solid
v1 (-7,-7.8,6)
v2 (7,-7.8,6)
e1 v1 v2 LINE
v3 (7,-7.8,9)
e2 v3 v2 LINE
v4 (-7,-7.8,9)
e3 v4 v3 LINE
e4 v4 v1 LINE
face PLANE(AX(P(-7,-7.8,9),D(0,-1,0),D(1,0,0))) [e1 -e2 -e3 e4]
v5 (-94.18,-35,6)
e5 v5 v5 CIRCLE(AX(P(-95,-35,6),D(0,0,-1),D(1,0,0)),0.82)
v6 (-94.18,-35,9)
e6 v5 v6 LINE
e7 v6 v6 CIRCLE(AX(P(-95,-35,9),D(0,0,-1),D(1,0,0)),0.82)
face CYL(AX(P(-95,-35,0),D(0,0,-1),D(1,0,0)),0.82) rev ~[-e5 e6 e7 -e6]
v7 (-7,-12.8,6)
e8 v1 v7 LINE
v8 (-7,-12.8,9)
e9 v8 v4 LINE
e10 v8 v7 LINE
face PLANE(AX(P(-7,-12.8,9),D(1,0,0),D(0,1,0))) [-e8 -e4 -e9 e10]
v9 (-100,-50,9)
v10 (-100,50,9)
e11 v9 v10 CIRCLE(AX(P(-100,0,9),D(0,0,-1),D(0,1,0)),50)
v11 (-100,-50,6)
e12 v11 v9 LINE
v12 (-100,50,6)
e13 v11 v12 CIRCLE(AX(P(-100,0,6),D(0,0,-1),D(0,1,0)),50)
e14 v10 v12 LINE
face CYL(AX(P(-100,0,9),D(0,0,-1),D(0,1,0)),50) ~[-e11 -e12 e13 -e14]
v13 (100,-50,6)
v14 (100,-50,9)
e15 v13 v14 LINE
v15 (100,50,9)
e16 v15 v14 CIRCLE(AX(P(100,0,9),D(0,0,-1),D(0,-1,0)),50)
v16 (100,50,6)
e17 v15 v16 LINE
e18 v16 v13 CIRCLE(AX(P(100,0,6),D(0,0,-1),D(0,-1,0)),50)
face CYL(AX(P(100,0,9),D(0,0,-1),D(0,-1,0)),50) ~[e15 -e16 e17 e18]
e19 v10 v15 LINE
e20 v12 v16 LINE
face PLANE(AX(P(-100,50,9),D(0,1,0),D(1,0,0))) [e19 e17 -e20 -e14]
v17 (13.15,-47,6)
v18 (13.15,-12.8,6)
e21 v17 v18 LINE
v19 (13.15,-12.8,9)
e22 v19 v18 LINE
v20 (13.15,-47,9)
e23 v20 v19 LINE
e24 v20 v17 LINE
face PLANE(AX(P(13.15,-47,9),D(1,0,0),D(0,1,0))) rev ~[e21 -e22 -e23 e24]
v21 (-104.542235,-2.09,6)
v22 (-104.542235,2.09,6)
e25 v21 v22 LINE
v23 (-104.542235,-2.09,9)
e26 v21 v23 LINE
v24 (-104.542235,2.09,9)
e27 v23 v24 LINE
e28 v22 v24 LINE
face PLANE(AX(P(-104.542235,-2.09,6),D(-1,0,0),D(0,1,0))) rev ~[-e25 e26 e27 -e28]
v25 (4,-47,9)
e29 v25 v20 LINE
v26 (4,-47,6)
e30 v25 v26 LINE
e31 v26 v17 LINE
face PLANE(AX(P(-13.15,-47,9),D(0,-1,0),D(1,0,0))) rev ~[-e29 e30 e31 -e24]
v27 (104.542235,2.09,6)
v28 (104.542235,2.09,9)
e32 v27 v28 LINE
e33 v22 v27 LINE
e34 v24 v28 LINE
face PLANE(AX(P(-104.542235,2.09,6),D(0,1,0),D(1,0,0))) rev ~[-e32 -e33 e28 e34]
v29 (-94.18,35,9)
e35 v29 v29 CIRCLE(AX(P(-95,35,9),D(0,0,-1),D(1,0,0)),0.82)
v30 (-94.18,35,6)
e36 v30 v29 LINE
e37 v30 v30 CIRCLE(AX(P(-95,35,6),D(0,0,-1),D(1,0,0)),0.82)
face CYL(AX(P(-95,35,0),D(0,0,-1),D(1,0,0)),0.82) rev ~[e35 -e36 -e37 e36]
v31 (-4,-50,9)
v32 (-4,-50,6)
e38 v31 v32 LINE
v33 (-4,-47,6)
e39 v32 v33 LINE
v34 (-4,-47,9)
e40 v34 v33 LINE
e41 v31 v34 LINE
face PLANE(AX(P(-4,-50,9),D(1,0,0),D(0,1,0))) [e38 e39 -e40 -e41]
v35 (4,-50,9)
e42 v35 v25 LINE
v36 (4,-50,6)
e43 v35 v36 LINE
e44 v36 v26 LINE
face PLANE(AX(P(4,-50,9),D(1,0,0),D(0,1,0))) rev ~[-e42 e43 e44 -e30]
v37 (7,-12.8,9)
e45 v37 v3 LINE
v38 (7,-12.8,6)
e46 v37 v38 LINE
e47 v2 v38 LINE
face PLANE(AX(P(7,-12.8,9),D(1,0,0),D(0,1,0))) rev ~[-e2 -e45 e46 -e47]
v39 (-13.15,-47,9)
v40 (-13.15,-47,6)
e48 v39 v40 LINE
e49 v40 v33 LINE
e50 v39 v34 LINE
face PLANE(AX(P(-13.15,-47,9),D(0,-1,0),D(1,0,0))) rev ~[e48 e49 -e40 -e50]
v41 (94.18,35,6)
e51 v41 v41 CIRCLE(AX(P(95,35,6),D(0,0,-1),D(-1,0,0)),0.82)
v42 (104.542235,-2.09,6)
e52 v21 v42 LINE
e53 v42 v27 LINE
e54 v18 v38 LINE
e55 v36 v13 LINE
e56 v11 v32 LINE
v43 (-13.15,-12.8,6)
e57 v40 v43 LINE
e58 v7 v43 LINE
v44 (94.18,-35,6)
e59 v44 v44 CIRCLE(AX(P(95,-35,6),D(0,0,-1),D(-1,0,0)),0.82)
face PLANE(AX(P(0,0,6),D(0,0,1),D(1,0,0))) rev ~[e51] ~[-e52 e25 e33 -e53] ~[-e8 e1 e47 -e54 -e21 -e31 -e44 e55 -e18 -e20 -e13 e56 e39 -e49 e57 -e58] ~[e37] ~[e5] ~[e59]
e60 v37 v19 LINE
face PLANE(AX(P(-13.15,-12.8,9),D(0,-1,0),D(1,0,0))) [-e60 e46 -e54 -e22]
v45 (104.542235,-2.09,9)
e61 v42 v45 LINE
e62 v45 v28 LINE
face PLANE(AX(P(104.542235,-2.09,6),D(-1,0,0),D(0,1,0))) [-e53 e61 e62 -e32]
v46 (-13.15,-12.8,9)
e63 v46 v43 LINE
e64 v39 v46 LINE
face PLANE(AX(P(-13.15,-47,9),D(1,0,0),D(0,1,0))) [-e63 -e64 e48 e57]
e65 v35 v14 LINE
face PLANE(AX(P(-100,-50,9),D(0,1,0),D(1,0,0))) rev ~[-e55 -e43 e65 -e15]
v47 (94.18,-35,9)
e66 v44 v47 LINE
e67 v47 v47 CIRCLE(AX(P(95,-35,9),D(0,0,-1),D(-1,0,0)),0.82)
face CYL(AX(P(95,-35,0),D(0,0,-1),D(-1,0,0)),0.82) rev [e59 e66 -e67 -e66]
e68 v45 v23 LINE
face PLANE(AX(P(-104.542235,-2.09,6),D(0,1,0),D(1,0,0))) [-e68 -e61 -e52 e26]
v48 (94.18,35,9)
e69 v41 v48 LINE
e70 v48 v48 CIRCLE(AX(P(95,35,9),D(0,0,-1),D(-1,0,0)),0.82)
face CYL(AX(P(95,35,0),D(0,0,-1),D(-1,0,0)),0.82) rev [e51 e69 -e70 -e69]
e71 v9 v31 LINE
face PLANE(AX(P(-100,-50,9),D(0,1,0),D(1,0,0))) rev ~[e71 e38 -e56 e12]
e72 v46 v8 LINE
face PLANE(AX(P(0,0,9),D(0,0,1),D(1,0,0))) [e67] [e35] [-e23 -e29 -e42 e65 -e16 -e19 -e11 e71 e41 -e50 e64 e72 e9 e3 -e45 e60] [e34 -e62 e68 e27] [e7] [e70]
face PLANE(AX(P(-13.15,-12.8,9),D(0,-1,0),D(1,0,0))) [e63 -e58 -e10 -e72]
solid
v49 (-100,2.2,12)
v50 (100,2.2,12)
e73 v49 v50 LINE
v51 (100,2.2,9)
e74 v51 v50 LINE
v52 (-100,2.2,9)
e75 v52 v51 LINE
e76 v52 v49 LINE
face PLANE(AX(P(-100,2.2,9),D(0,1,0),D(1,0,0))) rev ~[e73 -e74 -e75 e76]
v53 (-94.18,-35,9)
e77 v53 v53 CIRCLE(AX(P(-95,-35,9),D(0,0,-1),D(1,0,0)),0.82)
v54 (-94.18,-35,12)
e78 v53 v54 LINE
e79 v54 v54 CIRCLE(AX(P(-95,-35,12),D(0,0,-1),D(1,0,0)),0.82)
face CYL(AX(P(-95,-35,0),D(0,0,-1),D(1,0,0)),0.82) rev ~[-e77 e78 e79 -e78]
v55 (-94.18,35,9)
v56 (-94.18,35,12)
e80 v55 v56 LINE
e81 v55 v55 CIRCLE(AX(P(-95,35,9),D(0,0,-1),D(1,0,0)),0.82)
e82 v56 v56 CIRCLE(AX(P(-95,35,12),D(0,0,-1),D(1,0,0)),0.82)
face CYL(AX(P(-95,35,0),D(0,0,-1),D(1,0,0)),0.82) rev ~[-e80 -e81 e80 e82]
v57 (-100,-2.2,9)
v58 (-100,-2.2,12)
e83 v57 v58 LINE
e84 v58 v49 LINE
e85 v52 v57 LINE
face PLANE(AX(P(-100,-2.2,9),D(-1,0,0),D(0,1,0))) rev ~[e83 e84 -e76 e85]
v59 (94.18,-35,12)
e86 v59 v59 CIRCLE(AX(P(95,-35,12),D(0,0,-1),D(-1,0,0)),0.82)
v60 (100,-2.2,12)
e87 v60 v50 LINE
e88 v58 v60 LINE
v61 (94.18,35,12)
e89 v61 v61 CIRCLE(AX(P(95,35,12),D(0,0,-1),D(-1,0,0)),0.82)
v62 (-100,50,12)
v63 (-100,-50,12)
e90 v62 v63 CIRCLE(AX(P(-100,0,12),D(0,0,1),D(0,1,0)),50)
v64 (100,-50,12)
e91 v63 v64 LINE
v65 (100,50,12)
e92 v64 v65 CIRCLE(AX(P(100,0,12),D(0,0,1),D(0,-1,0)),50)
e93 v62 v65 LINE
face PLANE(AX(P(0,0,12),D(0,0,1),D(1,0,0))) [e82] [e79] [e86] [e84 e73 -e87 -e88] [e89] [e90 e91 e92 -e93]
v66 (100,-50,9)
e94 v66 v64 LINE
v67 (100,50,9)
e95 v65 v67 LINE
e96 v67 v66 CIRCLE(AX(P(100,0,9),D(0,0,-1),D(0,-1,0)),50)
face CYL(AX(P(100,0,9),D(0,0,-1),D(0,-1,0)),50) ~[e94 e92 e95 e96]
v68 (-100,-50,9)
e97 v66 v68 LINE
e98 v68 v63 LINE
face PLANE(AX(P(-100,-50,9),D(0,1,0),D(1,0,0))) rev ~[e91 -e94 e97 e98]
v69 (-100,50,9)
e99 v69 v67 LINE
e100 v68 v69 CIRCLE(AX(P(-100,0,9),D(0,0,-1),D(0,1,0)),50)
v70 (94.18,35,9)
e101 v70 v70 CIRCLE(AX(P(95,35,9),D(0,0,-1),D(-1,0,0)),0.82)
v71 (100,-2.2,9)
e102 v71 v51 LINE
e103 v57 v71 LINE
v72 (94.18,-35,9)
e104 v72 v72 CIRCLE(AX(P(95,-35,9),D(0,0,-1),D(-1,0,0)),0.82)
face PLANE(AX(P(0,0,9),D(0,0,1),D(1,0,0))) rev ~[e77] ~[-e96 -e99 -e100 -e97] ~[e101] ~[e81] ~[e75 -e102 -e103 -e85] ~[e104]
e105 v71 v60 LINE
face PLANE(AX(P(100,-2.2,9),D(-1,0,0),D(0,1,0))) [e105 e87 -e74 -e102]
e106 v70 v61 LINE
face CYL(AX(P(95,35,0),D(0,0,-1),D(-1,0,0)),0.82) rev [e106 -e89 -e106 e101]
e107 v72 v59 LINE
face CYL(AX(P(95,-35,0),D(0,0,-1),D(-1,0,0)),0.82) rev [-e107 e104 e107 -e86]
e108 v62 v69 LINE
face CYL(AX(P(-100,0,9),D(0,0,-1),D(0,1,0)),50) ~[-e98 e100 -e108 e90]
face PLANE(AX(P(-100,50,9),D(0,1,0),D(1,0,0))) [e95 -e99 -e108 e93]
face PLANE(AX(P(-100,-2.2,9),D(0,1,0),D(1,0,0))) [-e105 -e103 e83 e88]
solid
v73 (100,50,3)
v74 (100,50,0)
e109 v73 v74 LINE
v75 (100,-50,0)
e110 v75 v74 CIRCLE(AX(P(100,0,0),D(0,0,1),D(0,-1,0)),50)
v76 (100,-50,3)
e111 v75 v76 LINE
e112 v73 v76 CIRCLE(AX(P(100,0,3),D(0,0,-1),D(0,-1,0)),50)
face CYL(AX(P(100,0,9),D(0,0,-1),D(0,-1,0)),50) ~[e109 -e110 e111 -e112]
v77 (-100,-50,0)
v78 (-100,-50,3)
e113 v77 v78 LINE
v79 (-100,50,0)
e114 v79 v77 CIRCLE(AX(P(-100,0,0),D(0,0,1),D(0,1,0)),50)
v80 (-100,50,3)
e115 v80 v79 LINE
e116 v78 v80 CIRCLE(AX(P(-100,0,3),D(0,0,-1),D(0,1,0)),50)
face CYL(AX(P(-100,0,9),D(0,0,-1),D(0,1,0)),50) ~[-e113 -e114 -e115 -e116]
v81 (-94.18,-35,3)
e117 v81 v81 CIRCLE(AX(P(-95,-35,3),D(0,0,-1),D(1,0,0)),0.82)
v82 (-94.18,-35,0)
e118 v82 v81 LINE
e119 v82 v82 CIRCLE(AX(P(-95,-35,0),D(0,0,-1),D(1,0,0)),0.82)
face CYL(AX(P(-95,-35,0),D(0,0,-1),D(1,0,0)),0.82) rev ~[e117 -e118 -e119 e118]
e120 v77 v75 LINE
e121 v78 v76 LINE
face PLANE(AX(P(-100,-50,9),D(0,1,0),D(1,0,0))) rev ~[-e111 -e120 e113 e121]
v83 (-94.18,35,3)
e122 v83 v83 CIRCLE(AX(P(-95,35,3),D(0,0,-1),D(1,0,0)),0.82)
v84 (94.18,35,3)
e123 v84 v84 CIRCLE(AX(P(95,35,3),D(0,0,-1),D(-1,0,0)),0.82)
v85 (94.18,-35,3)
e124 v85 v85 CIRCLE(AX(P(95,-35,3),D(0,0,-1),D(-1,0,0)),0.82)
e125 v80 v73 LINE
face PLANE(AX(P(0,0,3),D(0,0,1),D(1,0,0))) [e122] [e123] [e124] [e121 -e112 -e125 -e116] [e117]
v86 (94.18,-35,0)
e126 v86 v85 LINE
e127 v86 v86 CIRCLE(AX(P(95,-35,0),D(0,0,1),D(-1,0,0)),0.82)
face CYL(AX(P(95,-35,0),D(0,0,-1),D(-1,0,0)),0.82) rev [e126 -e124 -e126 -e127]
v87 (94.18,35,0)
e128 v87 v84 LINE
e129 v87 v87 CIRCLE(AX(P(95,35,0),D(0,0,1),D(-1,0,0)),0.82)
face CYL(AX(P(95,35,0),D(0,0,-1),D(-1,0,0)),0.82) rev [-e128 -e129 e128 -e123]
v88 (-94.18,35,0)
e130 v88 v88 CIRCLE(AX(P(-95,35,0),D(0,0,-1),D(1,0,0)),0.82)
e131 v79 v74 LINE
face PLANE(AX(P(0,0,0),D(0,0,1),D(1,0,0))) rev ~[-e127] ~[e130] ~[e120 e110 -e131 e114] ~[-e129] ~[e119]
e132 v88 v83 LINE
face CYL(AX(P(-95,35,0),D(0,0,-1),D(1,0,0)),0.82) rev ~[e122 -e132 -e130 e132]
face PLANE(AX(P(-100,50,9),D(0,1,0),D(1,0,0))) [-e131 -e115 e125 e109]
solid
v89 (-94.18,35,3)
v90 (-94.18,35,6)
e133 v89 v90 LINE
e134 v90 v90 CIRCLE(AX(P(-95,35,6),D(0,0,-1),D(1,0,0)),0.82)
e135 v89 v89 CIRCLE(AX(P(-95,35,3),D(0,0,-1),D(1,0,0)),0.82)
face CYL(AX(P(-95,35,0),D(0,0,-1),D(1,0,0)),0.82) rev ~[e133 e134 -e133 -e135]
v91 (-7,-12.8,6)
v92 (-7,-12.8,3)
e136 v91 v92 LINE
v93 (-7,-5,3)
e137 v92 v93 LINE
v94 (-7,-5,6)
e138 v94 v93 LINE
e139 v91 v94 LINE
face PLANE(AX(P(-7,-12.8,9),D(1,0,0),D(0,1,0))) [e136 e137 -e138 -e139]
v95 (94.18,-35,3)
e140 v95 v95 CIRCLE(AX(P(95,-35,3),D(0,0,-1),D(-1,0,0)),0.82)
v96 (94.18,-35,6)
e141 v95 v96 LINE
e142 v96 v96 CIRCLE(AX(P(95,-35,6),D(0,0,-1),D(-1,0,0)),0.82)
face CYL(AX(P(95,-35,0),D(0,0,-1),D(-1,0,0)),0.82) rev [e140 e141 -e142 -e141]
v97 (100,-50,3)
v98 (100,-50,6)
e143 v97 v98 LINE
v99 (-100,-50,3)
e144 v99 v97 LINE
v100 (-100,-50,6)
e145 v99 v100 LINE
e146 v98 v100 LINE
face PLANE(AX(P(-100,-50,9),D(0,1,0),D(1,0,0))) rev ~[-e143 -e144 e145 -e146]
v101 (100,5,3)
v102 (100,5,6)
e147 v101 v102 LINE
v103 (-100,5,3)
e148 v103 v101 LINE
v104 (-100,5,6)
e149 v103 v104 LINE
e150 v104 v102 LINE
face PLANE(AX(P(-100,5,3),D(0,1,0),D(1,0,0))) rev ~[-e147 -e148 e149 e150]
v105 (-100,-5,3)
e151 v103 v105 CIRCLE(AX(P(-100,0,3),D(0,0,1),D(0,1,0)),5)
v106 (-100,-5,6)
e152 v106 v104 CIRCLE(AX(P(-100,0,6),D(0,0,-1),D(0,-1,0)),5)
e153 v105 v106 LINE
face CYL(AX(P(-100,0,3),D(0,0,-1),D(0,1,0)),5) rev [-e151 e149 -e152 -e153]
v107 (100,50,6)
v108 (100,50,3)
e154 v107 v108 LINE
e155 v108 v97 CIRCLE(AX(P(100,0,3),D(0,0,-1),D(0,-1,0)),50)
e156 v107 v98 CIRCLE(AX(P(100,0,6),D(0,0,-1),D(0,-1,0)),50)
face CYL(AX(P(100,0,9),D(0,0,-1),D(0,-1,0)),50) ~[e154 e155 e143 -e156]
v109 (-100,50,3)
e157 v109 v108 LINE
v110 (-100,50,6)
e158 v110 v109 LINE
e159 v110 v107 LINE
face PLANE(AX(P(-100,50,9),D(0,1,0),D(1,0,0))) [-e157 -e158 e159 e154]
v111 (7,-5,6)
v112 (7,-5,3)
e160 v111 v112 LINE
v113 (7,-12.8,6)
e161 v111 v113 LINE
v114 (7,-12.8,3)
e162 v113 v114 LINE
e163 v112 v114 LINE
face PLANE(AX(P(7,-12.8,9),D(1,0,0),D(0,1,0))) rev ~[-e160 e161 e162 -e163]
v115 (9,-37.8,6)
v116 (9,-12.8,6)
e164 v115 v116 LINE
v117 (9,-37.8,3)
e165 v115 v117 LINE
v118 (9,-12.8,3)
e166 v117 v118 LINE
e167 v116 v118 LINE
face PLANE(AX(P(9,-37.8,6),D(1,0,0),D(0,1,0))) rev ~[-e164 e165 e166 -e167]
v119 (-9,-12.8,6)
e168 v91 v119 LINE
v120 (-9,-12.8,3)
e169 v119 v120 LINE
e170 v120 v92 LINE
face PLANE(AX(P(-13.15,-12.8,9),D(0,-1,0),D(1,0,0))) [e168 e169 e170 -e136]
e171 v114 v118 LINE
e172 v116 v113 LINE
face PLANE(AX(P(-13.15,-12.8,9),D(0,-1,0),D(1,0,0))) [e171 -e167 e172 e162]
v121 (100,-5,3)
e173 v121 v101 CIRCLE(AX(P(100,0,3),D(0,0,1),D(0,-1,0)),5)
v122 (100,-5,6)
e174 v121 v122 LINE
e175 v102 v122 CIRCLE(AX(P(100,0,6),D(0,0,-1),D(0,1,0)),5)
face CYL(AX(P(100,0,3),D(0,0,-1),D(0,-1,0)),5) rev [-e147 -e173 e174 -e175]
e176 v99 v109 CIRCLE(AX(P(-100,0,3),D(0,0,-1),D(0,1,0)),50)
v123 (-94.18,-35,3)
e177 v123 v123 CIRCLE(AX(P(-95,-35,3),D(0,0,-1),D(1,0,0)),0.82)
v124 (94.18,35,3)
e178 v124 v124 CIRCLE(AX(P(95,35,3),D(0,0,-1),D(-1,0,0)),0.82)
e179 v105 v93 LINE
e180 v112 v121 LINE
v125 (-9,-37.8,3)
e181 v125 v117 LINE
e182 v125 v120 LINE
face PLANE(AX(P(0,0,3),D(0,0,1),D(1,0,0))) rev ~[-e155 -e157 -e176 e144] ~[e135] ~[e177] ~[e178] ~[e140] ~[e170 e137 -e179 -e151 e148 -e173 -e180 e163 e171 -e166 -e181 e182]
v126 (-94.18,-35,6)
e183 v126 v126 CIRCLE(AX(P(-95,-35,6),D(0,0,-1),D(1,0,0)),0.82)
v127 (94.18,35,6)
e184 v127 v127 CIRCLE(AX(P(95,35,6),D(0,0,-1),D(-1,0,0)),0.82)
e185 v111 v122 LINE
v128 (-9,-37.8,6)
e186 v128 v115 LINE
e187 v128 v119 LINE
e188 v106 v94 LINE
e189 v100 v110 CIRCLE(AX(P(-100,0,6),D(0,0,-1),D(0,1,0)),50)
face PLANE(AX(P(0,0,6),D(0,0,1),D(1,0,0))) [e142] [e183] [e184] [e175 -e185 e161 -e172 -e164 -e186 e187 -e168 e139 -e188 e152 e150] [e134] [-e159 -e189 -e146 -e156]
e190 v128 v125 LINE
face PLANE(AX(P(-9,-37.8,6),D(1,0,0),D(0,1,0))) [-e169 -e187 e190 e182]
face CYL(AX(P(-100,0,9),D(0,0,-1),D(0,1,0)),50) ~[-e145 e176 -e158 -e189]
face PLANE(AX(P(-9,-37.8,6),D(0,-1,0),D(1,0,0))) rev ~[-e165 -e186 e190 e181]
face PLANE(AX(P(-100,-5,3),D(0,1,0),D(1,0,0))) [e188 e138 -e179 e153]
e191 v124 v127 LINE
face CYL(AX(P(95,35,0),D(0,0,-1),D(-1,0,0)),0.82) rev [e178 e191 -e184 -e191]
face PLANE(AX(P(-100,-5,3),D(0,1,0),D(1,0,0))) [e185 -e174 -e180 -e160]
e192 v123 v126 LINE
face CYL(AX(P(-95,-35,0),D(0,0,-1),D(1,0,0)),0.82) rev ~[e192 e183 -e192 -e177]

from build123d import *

# Parameters (mm, degrees)
BOX_BOTTOM_HALF_1_W     = 301.98633
BOX_BOTTOM_HALF_1_H     = 102
BOX_BOTTOM_HALF_1_DEPTH = 4
BOX_BOTTOM_HALF_0_W     = 301.98633
BOX_BOTTOM_HALF_0_H     = 102
BOX_BOTTOM_HALF_0_DEPTH = 7
PAD_DEPTH               = 3
PAD001_DEPTH            = 3
SKETCH002_W             = 209.08447
SKETCH002_H             = 4.18
PAD002_DEPTH            = 3
SKETCH003_W             = 26.3
SKETCH003_H             = 34.2
POCKET_DEPTH            = 3
SKETCH004_W             = 18
SKETCH004_H             = 25
POCKET001_DEPTH         = 3
SKETCH005_W             = 14
SKETCH005_H             = 5
POCKET002_DEPTH         = 6
SKETCH006_W             = 14
SKETCH006_H             = 3
POCKET003_DEPTH         = 3
SKETCH007_W             = 8
SKETCH007_H             = 3
POCKET004_DEPTH         = 3
SKETCH008_W             = 200
SKETCH008_H             = 4.4
PAD003_DEPTH            = 3
SKETCH009_R             = 0.82
POCKET005_DEPTH         = 644.911736
BOX_BOTTOM_HALF_2_W     = 301.98633
BOX_BOTTOM_HALF_2_H     = 102
BOX_BOTTOM_HALF_2_DEPTH = 4


with BuildPart() as box_bottom_half_1_body:
    # box_bottom_half_1 → box_bottom_half_1 (new body)
    with BuildSketch(Plane(origin=(-150.993165, -51, -1), x_dir=(1, 0, 0), z_dir=(0, 0, 1))):
        with Locations((150.993165, 51)):
            Rectangle(BOX_BOTTOM_HALF_1_W, BOX_BOTTOM_HALF_1_H)
    extrude(amount=BOX_BOTTOM_HALF_1_DEPTH)


with BuildPart() as box_bottom_half_0_body:
    # box_bottom_half_0 → box_bottom_half_0 (new body)
    with BuildSketch(Plane(origin=(-150.993165, -51, -1), x_dir=(1, 0, 0), z_dir=(0, 0, 1))):
        with Locations((150.993165, 51)):
            Rectangle(BOX_BOTTOM_HALF_0_W, BOX_BOTTOM_HALF_0_H)
    extrude(amount=BOX_BOTTOM_HALF_0_DEPTH)


with BuildPart() as body:
    # Sketch → Pad (new body)
    with BuildSketch(Plane.XY):
        with BuildLine():
            ThreePointArc((-100, 50), (-150, 0), (-100, -50))
            Line((-100, -50), (100, -50))
            ThreePointArc((100, -50), (150, 0), (100, 50))
            Line((-100, 50), (100, 50))
        make_face()
    extrude(amount=PAD_DEPTH)

    # Sketch001 (on Face6 of Pad) → Pad001 (join)
    with BuildSketch(Plane.XY.offset(3)):
        with BuildLine():
            ThreePointArc((-100, 50), (-150, 0), (-100, -50))
            Line((-100, -50), (100, -50))
            ThreePointArc((100, -50), (150, 0), (100, 50))
            Line((-100, 50), (100, 50))
        make_face()
        with BuildLine():
            ThreePointArc((-100, 5), (-105, 0), (-100, -5))
            Line((-100, -5), (100, -5))
            ThreePointArc((100, -5), (105, 0), (100, 5))
            Line((-100, 5), (100, 5))
        make_face(mode=Mode.SUBTRACT)
    extrude(amount=PAD001_DEPTH)

    # Sketch002 (on Face9 of Pad001) → Pad002 (join)
    with BuildSketch(Plane.XY.offset(6)):
        with BuildLine():
            ThreePointArc((-100, 50), (-150, 0), (-100, -50))
            Line((-100, -50), (100, -50))
            ThreePointArc((100, -50), (150, 0), (100, 50))
            Line((-100, 50), (100, 50))
        make_face()
        Rectangle(SKETCH002_W, SKETCH002_H, mode=Mode.SUBTRACT)
    extrude(amount=PAD002_DEPTH)

    # Sketch003 (on Face13 of Pad002) → Pocket (cut)
    with BuildSketch(Plane.XY.offset(9)):
        with Locations((0, -29.9)):
            Rectangle(SKETCH003_W, SKETCH003_H)
    extrude(amount=-POCKET_DEPTH, mode=Mode.SUBTRACT)

    # Sketch004 (on Face27 of Pocket) → Pocket001 (cut)
    with BuildSketch(Plane.XY.offset(6)):
        with Locations((0, -25.3)):
            Rectangle(SKETCH004_W, SKETCH004_H)
    extrude(amount=-POCKET001_DEPTH, mode=Mode.SUBTRACT)

    # Sketch005 (on Face13 of Pocket001) → Pocket002 (cut)
    with BuildSketch(Plane.XY.offset(9)):
        with Locations((0, -10.3)):
            Rectangle(SKETCH005_W, SKETCH005_H)
    extrude(amount=-POCKET002_DEPTH, mode=Mode.SUBTRACT)

    # Sketch006 (on Face23 of Pocket002) → Pocket003 (cut)
    with BuildSketch(Plane.XZ.offset(7.8)):
        with Locations((0, 4.5)):
            Rectangle(SKETCH006_W, SKETCH006_H)
    extrude(amount=-POCKET003_DEPTH, mode=Mode.SUBTRACT)

    # Sketch007 (on Face13 of Pocket003) → Pocket004 (cut)
    with BuildSketch(Plane.XY.offset(9)):
        with Locations((0, -48.5)):
            Rectangle(SKETCH007_W, SKETCH007_H)
    extrude(amount=-POCKET004_DEPTH, mode=Mode.SUBTRACT)

    # Sketch008 (on Face15 of Pocket004) → Pad003 (join)
    with BuildSketch(Plane.XY.offset(9)):
        with BuildLine():
            ThreePointArc((-100, 50), (-150, 0), (-100, -50))
            Line((-100, -50), (100, -50))
            ThreePointArc((100, -50), (150, 0), (100, 50))
            Line((-100, 50), (100, 50))
        make_face()
        Rectangle(SKETCH008_W, SKETCH008_H, mode=Mode.SUBTRACT)
    extrude(amount=PAD003_DEPTH)

    # Sketch009 (on Face4 of Pad003) → Pocket005 (cut, through all)
    with BuildSketch(Plane(origin=(0, 0, 0), x_dir=(1, 0, 0), z_dir=(0, 0, -1))):
        with Locations((-95, 35)):
            Circle(SKETCH009_R)
        with Locations((-95, -35)):
            Circle(SKETCH009_R)
    pocket005 = extrude(amount=-POCKET005_DEPTH, mode=Mode.SUBTRACT)

    # Mirrored: Pocket005 across Sketch009 V_Axis
    add(pocket005.mirror(Plane(origin=(0, 0, 0), x_dir=(0, 0, -1), z_dir=(1, 0, 0))), mode=Mode.SUBTRACT)


with BuildPart() as bottom_half_0_body:
    # bottom_half_0 base: copy of Body
    add(body.part)

    # bottom_half_0: intersect box_bottom_half_0 body
    add(box_bottom_half_0_body.part, mode=Mode.INTERSECT)


with BuildPart() as bottom_half_1_body:
    # bottom_half_1 base: copy of bottom_half_0 body
    add(bottom_half_0_body.part)

    # bottom_half_1: intersect box_bottom_half_1 body
    add(box_bottom_half_1_body.part, mode=Mode.INTERSECT)


with BuildPart() as top_half_1_body:
    # top_half_1 base: copy of bottom_half_0 body
    add(bottom_half_0_body.part)

    # top_half_1: cut box_bottom_half_1 body
    add(box_bottom_half_1_body.part, mode=Mode.SUBTRACT)


with BuildPart() as box_bottom_half_2_body:
    # box_bottom_half_2 → box_bottom_half_2 (new body)
    with BuildSketch(Plane(origin=(-150.993165, -51, 5), x_dir=(1, 0, 0), z_dir=(0, 0, 1))):
        with Locations((150.993165, 51)):
            Rectangle(BOX_BOTTOM_HALF_2_W, BOX_BOTTOM_HALF_2_H)
    extrude(amount=BOX_BOTTOM_HALF_2_DEPTH)


with BuildPart() as top_half_0_body:
    # top_half_0 base: copy of Body
    add(body.part)

    # top_half_0: cut box_bottom_half_0 body
    add(box_bottom_half_0_body.part, mode=Mode.SUBTRACT)


with BuildPart() as bottom_half_2_body:
    # bottom_half_2 base: copy of top_half_0 body
    add(top_half_0_body.part)

    # bottom_half_2: intersect box_bottom_half_2 body
    add(box_bottom_half_2_body.part, mode=Mode.INTERSECT)


with BuildPart() as top_half_2_body:
    # top_half_2 base: copy of top_half_0 body
    add(top_half_0_body.part)

    # top_half_2: cut box_bottom_half_2 body
    add(box_bottom_half_2_body.part, mode=Mode.SUBTRACT)


solid = Compound([bottom_half_1_body.part, top_half_1_body.part, bottom_half_2_body.part, top_half_2_body.part])
